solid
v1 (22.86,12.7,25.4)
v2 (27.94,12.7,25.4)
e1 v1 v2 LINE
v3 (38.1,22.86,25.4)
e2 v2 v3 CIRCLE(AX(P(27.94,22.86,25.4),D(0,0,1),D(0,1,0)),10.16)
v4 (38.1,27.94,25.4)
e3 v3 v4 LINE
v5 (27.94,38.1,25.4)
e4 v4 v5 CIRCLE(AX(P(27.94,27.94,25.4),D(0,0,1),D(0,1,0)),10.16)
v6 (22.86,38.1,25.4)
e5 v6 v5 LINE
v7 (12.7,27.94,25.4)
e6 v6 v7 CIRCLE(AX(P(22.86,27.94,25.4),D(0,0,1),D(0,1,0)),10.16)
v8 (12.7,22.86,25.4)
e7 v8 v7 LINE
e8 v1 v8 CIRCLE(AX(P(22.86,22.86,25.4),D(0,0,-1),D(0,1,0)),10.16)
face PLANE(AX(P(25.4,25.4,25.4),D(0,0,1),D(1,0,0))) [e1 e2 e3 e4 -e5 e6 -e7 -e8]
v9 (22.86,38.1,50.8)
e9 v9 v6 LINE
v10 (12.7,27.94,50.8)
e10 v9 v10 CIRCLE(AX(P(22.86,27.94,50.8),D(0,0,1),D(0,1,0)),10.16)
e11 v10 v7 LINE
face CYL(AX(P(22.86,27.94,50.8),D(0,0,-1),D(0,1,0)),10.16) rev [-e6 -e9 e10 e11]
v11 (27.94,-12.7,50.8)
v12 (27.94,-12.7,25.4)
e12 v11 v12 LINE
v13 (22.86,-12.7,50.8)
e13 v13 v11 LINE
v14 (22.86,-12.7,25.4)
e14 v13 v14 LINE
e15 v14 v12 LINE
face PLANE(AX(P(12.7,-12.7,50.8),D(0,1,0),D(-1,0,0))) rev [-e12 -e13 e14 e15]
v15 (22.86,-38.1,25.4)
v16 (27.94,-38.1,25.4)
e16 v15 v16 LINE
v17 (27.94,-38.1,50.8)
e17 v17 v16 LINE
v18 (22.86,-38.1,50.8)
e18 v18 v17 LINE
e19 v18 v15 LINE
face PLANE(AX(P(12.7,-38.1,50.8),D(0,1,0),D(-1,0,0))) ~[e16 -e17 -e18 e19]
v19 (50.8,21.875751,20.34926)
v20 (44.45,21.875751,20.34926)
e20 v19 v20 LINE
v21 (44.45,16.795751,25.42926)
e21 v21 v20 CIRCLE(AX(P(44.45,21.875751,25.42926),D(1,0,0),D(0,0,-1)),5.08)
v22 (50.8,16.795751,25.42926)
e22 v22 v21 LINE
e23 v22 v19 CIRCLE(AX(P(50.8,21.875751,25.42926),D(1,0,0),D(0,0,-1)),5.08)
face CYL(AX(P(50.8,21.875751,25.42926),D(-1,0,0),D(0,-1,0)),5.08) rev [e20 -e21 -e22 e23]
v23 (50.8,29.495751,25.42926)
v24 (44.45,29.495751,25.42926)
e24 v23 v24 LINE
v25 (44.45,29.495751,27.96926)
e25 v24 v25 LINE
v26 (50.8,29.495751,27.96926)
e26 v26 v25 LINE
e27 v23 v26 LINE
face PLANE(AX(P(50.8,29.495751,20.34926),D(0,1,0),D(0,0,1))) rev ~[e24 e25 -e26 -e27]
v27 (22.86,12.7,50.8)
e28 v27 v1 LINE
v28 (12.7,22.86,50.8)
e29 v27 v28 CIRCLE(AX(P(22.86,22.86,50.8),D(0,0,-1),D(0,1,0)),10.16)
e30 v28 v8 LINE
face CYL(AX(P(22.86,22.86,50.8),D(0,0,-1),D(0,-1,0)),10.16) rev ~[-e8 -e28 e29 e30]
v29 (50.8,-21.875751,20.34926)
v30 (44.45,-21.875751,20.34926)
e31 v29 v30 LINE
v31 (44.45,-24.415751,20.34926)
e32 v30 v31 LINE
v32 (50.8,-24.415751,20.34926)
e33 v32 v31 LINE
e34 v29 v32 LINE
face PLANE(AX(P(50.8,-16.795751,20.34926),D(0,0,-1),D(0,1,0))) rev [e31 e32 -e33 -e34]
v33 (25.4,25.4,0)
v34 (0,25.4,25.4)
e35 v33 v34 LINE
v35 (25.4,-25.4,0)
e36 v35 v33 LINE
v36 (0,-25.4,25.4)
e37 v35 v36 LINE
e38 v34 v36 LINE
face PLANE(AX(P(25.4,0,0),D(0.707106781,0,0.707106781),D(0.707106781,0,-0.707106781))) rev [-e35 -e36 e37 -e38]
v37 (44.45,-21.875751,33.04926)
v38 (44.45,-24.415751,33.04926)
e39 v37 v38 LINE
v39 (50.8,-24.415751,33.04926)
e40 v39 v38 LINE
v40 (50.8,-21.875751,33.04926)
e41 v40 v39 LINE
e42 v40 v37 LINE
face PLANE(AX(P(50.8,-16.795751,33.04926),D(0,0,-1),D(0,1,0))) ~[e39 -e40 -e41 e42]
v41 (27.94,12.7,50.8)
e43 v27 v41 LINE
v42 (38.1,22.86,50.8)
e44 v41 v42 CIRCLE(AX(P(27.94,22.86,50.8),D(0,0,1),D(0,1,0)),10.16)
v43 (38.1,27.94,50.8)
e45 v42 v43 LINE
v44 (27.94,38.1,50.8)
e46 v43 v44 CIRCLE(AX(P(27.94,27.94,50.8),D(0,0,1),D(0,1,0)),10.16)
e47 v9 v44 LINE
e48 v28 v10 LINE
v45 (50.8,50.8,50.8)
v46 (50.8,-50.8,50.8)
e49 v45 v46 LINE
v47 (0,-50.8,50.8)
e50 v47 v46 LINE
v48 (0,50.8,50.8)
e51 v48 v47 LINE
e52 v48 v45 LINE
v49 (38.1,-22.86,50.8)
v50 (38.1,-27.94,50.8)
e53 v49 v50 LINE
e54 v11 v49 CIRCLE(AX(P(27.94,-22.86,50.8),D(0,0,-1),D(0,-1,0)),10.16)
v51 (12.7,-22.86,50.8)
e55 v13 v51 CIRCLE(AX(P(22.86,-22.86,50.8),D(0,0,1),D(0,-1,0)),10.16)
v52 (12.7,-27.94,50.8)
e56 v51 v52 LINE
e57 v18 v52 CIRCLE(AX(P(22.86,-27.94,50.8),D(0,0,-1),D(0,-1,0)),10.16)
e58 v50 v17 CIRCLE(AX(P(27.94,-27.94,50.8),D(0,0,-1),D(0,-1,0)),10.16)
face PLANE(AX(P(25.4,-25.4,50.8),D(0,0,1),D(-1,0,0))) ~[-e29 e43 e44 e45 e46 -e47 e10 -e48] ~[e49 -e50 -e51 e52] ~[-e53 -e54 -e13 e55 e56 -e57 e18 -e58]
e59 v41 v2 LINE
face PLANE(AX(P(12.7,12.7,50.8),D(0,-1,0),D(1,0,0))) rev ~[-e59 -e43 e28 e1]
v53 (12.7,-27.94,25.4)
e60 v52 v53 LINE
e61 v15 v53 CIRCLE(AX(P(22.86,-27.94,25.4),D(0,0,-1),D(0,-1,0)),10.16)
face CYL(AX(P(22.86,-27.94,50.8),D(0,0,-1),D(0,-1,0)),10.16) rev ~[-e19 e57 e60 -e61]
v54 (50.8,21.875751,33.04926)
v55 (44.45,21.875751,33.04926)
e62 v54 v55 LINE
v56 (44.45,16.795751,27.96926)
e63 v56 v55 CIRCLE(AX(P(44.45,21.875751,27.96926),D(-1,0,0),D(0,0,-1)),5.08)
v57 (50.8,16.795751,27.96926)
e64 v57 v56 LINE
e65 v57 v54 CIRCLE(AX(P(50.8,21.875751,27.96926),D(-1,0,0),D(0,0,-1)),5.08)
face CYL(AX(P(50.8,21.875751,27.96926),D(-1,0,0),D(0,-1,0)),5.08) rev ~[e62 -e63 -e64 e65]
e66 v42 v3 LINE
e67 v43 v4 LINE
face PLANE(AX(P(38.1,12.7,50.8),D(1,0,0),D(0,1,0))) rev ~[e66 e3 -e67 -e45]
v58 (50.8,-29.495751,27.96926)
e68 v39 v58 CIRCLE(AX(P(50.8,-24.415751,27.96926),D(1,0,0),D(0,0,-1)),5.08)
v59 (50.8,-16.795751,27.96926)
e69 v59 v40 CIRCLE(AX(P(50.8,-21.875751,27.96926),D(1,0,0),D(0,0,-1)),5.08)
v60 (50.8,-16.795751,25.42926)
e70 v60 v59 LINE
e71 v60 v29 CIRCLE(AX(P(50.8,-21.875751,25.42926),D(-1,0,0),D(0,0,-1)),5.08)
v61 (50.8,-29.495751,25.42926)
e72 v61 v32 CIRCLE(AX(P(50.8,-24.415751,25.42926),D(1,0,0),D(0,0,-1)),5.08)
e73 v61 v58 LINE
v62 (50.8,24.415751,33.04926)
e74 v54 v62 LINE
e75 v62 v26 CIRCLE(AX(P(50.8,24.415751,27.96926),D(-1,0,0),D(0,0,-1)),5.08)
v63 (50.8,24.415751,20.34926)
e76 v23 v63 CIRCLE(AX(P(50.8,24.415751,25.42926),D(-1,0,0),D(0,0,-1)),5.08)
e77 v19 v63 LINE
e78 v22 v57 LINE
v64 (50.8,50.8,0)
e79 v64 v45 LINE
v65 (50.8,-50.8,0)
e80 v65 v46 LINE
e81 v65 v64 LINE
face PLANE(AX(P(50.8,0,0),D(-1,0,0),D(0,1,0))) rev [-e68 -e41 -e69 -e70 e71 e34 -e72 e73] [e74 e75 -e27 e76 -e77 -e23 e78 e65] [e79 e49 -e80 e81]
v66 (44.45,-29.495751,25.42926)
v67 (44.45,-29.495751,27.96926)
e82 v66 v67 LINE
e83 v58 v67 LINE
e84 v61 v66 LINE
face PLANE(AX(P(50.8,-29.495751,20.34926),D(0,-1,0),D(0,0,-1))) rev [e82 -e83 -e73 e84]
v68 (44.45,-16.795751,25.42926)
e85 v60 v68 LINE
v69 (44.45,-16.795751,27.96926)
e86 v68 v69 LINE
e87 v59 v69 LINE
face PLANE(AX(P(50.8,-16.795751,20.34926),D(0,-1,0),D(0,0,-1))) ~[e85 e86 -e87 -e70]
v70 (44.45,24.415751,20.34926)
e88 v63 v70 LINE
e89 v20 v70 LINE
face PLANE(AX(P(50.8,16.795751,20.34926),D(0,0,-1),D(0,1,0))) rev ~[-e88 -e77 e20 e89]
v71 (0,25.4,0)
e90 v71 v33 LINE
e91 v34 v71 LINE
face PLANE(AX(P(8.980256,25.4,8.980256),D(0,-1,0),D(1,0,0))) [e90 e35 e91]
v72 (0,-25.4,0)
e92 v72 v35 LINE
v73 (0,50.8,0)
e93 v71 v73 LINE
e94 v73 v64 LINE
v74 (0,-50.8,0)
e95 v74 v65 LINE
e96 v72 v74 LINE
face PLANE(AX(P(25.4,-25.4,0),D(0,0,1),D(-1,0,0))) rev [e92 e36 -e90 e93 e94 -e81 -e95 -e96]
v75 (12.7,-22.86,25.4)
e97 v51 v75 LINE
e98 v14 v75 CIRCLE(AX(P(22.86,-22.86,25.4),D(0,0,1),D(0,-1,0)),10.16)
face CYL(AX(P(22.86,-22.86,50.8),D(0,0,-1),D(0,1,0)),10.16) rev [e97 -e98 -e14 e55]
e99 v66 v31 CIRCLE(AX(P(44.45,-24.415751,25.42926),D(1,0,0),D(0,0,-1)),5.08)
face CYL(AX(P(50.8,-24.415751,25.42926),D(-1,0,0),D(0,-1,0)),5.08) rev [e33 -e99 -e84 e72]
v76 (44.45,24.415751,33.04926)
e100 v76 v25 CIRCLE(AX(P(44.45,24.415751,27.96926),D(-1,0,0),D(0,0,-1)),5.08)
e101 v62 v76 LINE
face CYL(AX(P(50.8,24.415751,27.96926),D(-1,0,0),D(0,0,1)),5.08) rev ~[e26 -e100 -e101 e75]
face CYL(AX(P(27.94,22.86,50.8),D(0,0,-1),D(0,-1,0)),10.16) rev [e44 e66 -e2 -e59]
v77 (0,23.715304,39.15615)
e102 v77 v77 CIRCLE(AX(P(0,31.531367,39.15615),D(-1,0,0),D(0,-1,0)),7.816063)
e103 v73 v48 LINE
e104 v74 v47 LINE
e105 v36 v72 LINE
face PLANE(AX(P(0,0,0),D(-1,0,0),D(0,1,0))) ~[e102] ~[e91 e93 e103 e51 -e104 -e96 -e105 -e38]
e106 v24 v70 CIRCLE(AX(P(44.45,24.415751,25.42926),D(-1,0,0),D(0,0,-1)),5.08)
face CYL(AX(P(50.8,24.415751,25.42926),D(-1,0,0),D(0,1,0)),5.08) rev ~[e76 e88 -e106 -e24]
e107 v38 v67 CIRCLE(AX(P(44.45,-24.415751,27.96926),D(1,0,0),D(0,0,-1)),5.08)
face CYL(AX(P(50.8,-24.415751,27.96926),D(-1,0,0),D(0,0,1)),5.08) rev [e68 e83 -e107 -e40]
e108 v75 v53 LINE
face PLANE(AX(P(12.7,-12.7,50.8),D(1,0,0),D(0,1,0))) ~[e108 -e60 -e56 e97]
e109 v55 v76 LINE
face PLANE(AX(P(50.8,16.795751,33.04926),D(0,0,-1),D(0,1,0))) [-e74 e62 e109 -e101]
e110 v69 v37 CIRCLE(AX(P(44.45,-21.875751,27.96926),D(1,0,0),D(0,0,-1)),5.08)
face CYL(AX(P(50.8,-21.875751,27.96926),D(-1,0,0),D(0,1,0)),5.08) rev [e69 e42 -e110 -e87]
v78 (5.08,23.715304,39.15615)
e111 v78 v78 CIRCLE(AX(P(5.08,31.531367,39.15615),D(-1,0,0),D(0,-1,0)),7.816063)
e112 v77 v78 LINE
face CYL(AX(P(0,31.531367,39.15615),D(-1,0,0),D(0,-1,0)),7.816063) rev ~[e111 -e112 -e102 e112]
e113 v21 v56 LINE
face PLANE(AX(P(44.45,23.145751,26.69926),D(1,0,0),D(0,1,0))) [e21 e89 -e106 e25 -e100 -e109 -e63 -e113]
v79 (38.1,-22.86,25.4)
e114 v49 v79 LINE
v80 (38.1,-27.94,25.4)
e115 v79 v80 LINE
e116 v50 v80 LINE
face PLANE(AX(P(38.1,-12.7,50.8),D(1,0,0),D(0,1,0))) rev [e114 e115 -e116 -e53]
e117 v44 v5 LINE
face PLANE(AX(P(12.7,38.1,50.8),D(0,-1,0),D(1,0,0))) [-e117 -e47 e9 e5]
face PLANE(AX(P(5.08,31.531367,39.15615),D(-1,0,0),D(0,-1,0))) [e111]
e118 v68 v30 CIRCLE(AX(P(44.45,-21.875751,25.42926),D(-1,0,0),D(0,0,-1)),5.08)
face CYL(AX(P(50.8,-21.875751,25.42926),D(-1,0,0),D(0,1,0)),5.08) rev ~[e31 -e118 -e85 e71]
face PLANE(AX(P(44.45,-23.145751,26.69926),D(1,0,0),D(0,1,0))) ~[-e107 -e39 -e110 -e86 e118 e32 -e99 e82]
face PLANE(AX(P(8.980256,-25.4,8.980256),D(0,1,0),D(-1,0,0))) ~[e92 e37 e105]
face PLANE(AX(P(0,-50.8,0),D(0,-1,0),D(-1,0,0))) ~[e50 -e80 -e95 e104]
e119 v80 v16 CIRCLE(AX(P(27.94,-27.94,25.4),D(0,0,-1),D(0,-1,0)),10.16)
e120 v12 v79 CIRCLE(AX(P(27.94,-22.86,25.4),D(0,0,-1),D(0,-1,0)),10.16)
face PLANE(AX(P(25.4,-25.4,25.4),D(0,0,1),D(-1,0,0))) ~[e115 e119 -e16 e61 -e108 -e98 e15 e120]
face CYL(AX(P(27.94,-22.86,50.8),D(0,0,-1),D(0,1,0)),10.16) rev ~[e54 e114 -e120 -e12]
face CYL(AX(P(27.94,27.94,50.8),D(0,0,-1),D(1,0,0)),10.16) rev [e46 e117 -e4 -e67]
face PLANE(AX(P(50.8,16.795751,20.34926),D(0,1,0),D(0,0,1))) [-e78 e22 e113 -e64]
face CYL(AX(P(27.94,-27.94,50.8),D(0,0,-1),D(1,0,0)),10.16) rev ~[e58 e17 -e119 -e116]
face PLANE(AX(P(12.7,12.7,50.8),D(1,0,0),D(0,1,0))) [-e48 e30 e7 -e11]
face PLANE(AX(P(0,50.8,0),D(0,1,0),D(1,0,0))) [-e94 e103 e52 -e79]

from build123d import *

# Parameters (mm, degrees)
F0_W      = 50.8
F0_H      = 50.8
F1_DEPTH  = 50.8
F2_W      = 25.4
F2_H      = 25.4
F3_DEPTH  = 25.4
F4_R      = 10.16
F5_W      = 12.7
F5_H      = 12.7
F6_DEPTH  = 6.35
F7_R      = 5.08
F10_DEPTH = 25.4
F13_R     = 7.816063
F14_DEPTH = 5.08


with BuildPart() as f1:
    # F0 (on Top) → F1 (new body)
    with BuildSketch(Plane.XY):
        with Locations((25.4, 25.4)):
            Rectangle(F0_W, F0_H)
    extrude(amount=F1_DEPTH)

    # F2 (on face) → F3 (cut)
    with BuildSketch(Plane.XY.offset(50.8)):
        with Locations((25.4, 25.4)):
            Rectangle(F2_W, F2_H)
    extrude(amount=-F3_DEPTH, mode=Mode.SUBTRACT)

    # F4
    f4_edges = [f1.edges().sort_by_distance(p)[0] for p in [
        (12.7, 38.1, 38.1),
        (38.1, 38.1, 38.1),
        (12.7, 12.7, 38.1),
        (38.1, 12.7, 38.1),
    ]]
    fillet(f4_edges, radius=F4_R)

    # F5 (on face) → F6 (cut)
    with BuildSketch(Plane.YZ.offset(50.8)):
        with Locations((23.145751, 26.69926)):
            Rectangle(F5_W, F5_H)
    extrude(amount=-F6_DEPTH, mode=Mode.SUBTRACT)

    # F7
    f7_edges = [f1.edges().sort_by_distance(p)[0] for p in [
        (47.625, 16.795751, 20.34926),
        (47.625, 16.795751, 33.04926),
        (47.625, 29.495751, 33.04926),
        (47.625, 29.495751, 20.34926),
    ]]
    fillet(f7_edges, radius=F7_R)

    # F9 (on face) → F10 (cut)
    with BuildSketch(Plane.XZ):
        Polygon((0, 25.4), (0, 0), (25.4, 0), align=None)
    extrude(amount=-F10_DEPTH, mode=Mode.SUBTRACT)

    # F12: F1 across face


with BuildPart() as f1_1:
    add(f1.part)
    add(f1.part.mirror(Plane(origin=(27.819048, 0, 27.819048), x_dir=(1, 0, 0), z_dir=(0, -1, 0))))

    # F13 (on face) → F14 (cut)
    with BuildSketch(Plane(origin=(0, 0, 0), x_dir=(0, -1, 0), z_dir=(-1, 0, 0))):
        with Locations((-31.531367, 39.15615)):
            Circle(F13_R)
    extrude(amount=-F14_DEPTH, mode=Mode.SUBTRACT)


solid = f1_1.part
